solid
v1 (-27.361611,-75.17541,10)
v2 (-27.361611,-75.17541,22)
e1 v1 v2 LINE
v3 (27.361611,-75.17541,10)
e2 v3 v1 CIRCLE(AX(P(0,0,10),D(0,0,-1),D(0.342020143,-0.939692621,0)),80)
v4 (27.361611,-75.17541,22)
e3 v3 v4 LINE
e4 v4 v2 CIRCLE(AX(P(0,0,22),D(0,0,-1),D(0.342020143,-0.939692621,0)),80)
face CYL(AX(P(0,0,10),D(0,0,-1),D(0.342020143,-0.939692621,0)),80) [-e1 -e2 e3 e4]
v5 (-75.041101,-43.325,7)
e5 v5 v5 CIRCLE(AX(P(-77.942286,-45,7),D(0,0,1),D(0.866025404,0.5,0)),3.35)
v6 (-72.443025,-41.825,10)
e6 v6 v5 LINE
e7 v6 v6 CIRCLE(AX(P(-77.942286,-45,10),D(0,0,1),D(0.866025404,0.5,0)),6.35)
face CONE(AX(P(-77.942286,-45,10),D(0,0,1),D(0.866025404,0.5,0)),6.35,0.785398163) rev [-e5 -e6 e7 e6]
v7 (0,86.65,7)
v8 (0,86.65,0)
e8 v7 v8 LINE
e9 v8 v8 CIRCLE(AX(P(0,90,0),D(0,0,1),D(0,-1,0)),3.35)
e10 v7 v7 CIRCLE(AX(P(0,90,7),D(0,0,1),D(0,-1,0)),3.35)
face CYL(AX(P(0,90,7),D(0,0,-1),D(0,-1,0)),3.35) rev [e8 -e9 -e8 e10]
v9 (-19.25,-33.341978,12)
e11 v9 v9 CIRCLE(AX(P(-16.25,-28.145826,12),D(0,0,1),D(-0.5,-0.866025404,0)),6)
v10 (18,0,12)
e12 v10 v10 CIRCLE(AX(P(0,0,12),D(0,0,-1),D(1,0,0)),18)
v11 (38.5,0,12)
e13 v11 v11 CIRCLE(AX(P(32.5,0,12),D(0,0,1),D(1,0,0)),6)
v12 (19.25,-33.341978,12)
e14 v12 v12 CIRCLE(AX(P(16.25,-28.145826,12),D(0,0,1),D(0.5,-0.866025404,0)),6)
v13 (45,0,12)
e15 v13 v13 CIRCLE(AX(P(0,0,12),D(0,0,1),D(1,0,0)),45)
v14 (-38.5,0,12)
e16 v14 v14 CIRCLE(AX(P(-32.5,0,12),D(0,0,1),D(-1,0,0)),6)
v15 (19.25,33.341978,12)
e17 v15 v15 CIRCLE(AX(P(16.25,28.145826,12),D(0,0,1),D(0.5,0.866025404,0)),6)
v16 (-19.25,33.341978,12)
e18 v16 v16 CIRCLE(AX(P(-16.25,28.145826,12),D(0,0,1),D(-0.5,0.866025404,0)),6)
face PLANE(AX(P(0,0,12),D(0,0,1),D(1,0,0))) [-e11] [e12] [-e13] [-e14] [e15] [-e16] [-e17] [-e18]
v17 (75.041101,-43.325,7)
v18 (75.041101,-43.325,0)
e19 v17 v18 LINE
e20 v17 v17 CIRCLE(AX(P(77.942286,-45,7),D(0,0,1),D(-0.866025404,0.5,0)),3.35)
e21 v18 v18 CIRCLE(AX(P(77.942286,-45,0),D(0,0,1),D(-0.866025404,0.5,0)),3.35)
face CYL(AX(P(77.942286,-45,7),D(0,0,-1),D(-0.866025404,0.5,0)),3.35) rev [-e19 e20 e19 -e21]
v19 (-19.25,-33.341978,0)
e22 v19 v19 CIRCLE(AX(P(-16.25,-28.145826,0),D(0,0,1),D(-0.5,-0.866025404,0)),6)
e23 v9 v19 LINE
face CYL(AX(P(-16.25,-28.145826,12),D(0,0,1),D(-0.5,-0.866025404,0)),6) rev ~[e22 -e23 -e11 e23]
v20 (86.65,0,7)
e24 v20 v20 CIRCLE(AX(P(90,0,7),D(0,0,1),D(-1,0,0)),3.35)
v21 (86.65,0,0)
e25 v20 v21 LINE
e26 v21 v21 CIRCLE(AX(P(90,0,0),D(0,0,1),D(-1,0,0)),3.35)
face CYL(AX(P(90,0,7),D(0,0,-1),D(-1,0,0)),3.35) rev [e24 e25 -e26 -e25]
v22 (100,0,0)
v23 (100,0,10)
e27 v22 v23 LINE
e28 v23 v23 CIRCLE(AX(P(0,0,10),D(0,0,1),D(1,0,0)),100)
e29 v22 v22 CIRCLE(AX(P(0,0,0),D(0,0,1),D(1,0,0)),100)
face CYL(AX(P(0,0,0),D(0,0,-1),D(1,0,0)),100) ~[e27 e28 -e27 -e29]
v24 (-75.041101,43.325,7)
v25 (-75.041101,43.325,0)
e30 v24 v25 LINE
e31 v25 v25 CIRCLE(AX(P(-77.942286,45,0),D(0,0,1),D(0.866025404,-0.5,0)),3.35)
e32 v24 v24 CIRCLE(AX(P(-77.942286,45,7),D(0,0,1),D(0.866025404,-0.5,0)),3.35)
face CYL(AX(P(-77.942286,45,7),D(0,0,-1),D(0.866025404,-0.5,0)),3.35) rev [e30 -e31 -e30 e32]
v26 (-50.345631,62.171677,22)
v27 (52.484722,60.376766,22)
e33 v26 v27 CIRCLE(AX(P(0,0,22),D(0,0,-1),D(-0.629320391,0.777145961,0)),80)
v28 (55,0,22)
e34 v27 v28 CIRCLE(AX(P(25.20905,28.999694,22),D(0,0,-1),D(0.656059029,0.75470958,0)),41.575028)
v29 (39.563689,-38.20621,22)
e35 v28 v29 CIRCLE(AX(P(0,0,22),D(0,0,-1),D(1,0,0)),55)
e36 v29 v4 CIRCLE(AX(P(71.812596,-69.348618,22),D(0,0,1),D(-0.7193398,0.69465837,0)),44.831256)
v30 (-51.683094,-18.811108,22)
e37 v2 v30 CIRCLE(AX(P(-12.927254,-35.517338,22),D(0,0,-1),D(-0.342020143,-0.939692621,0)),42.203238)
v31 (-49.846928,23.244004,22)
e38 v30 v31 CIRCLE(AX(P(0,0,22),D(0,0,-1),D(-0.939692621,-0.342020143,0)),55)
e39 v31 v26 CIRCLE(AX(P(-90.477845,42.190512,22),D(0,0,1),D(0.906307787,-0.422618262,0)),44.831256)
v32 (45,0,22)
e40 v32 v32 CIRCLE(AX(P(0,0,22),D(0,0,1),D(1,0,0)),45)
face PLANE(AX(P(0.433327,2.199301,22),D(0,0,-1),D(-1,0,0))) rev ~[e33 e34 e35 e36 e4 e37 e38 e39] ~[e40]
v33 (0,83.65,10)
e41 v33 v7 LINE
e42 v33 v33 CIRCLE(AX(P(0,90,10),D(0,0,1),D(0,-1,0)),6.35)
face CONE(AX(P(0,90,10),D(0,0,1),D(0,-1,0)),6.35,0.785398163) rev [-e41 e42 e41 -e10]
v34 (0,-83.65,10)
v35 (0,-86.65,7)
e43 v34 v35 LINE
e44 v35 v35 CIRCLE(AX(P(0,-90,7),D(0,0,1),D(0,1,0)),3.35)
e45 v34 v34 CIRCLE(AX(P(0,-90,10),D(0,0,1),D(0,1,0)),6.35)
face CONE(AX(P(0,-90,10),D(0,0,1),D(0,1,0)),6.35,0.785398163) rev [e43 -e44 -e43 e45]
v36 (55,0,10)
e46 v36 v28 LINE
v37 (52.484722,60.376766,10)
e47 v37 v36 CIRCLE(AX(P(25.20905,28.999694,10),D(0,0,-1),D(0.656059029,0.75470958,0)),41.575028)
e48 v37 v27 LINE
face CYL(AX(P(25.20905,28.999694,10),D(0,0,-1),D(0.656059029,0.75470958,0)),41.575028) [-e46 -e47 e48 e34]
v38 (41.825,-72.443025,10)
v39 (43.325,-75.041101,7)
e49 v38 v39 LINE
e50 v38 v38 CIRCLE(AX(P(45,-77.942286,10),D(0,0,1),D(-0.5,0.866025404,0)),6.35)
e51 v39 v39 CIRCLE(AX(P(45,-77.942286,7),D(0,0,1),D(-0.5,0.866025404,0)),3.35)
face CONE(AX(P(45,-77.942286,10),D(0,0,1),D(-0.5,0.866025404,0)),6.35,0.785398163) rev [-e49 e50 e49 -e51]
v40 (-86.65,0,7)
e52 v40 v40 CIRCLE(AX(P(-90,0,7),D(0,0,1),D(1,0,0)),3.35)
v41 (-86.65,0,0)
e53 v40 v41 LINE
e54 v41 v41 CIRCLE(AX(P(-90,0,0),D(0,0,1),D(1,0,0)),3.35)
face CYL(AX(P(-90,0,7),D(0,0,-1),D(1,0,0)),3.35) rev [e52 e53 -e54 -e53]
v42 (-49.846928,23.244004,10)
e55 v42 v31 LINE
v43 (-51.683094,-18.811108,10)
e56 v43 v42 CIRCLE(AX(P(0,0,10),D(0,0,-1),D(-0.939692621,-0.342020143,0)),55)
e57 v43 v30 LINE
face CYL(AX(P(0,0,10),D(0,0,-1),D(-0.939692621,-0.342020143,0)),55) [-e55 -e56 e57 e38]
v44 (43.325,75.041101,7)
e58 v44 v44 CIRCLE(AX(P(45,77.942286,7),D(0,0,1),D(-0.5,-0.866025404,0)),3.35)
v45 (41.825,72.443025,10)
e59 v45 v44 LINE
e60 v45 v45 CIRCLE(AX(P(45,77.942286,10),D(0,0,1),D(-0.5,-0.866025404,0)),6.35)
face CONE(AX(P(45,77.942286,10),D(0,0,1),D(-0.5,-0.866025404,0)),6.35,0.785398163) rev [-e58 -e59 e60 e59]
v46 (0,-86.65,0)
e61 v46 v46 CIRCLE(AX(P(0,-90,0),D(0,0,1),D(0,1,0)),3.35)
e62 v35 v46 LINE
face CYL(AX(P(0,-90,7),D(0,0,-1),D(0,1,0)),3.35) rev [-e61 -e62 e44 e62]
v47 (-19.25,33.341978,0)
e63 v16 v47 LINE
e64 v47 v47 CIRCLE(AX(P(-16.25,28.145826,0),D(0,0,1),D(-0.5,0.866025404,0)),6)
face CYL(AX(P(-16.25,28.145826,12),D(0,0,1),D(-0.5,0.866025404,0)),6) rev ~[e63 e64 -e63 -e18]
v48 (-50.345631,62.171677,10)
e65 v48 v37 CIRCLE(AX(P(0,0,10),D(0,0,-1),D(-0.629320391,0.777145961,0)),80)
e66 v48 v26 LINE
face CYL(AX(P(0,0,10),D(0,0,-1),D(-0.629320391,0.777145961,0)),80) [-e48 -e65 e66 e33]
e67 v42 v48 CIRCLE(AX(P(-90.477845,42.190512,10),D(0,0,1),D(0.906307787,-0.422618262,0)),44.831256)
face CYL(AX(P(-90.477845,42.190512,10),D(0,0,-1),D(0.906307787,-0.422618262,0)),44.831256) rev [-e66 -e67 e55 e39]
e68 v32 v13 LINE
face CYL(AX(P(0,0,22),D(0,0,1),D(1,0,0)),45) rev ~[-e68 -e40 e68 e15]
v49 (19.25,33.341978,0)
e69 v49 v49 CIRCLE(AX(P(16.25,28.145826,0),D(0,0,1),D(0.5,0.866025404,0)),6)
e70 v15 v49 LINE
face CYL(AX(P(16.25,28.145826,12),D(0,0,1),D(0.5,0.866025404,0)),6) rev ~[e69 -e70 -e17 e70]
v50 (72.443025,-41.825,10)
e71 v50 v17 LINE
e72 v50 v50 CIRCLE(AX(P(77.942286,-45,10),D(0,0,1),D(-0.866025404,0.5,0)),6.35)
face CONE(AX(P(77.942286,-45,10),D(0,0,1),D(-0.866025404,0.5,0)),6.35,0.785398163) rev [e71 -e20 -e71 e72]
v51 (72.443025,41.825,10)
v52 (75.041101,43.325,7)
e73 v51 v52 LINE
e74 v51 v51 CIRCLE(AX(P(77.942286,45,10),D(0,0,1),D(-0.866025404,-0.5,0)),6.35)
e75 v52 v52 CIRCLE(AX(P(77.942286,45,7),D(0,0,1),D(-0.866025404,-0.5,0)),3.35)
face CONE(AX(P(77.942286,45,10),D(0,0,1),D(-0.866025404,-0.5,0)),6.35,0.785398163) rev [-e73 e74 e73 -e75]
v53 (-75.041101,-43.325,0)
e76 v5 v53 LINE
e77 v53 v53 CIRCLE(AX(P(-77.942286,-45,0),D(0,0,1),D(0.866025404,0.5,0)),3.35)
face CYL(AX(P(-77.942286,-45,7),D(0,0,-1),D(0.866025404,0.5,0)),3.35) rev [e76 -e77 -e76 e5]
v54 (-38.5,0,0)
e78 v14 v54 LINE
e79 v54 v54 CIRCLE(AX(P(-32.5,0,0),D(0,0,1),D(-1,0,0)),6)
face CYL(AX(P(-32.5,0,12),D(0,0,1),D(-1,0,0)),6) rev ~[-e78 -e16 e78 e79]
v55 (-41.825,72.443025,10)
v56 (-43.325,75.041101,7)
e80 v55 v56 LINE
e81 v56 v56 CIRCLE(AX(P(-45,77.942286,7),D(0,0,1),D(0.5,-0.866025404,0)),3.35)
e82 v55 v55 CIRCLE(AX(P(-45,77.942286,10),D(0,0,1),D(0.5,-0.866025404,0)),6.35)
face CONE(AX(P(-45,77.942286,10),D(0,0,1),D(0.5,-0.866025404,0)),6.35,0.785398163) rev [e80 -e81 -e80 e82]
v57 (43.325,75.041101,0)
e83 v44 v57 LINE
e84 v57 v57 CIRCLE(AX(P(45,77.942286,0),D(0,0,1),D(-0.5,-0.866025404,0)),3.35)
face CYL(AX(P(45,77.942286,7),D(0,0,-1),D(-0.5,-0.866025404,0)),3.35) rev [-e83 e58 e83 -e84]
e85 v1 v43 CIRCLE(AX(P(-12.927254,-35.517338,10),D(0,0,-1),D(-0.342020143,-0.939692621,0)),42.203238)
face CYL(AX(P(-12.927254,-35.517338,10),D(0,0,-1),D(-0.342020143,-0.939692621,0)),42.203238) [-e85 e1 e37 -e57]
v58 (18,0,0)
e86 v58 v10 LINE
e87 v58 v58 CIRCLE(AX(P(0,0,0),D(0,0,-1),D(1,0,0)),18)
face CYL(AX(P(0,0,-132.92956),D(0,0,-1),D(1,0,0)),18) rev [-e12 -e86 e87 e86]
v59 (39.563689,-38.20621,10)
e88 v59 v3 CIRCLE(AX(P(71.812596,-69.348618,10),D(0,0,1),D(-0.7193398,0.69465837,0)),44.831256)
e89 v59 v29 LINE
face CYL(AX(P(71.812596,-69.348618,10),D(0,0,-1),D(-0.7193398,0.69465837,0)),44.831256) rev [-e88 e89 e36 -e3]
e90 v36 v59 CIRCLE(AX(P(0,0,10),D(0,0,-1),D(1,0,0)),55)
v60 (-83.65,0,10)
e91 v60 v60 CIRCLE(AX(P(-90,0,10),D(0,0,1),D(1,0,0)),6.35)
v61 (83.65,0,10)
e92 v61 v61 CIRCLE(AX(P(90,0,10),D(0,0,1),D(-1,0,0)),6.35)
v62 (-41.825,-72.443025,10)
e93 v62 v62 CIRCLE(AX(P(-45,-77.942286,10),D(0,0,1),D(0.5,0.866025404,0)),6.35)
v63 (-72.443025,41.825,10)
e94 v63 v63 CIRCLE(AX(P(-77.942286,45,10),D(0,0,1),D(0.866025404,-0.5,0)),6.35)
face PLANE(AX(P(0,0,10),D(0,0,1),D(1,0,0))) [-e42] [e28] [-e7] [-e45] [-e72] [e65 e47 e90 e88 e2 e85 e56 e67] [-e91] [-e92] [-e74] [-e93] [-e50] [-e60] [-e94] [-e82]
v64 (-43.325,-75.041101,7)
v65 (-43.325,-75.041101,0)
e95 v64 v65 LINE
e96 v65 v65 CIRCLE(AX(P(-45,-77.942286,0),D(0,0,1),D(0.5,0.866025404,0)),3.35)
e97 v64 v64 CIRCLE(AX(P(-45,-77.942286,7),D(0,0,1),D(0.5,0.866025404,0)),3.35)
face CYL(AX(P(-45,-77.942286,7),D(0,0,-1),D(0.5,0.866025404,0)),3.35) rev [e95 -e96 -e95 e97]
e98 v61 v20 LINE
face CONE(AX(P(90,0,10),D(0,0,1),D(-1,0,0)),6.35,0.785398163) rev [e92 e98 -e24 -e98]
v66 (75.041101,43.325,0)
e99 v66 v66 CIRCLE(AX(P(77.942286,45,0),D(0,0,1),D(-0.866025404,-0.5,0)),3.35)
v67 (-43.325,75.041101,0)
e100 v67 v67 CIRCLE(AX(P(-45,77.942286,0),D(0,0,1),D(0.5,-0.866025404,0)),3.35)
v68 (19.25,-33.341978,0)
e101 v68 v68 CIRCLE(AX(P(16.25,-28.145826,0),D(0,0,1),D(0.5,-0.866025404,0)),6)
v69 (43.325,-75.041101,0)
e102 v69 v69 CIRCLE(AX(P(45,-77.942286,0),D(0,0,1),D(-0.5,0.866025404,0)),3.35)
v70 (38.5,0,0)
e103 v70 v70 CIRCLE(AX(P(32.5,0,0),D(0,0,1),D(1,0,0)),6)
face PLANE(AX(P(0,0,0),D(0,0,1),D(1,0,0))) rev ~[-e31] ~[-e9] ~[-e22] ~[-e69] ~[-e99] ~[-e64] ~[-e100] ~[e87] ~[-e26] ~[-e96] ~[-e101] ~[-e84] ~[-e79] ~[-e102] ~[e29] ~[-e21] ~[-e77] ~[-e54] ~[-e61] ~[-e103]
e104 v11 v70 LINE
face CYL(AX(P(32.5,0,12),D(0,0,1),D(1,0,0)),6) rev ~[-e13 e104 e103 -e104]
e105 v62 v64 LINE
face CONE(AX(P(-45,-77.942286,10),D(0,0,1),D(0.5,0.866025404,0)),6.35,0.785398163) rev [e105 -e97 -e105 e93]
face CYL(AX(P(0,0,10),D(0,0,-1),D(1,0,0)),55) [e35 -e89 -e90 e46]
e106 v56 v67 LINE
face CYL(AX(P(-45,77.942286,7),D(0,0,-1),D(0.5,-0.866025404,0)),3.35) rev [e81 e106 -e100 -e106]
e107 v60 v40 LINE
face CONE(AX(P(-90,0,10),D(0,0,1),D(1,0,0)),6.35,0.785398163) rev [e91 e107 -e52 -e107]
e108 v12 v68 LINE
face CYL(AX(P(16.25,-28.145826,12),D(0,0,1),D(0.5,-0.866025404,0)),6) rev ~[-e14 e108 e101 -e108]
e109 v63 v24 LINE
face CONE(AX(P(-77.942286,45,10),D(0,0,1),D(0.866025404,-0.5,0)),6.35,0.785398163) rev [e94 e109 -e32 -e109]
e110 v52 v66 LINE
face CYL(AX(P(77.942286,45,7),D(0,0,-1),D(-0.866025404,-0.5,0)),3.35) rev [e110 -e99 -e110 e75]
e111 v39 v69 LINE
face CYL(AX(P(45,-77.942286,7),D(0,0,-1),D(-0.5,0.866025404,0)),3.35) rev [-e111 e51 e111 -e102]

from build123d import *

# Parameters (mm, degrees)
SKETCH1_R               = 100
BOSS_EXTRUDE1_DEPTH     = 10
BOSS_EXTRUDE2_DEPTH     = 12
CUT_EXTRUDE1_START      = 12
SKETCH2_4_R             = 45
CUT_EXTRUDE1_DEPTH      = 10
CUT_EXTRUDE2_DEPTH      = 142.929559994
CUT_EXTRUDE2_DEPTH_BACK = 142.929559994
SKETCH2_5_R             = 18
SKETCH3_R               = 6
CUT_EXTRUDE3_DEPTH      = 142.929559994
CIRPATTERN1_COUNT       = 6
CIRPATTERN2_COUNT       = 12


with BuildPart() as part:
    # Sketch1 → Boss-Extrude1 (new body)
    with BuildSketch(Plane.XY):
        Circle(SKETCH1_R)
    extrude(amount=BOSS_EXTRUDE1_DEPTH)

    # Sketch2 → Boss-Extrude2 (add)
    with BuildSketch(Plane.XY.offset(10)):
        with BuildLine():
            ThreePointArc((-50.345631284, 62.171676917), (1.396192515, 79.987815613), (52.484722319, 60.376766418))
            ThreePointArc((52.484722319, 60.376766418), (66.748047509, 30.730196137), (55, 0))
            ThreePointArc((55, 0), (50.995112001, -20.603362638), (39.563689019, -38.206210375))
            ThreePointArc((39.563689019, -38.206210375), (29.24031903, -55.29718468), (27.361611466, -75.175409663))
            ThreePointArc((27.361611466, -75.175409663), (0, -80), (-27.361611466, -75.175409663))
            ThreePointArc((-27.361611466, -75.175409663), (-51.676872183, -52.237995658), (-51.683094143, -18.811107883))
            ThreePointArc((-51.683094143, -18.811107883), (-54.947652187, 2.399066305), (-49.846928287, 23.244004396))
            ThreePointArc((-49.846928287, 23.244004396), (-45.650267162, 42.764798591), (-50.345631284, 62.171676917))
        make_face()
    extrude(amount=BOSS_EXTRUDE2_DEPTH)

    # Sketch2<4> → Cut-Extrude1 (cut)
    with BuildSketch(Plane.XY.offset(10).offset(CUT_EXTRUDE1_START)):
        Circle(SKETCH2_4_R)
    extrude(amount=-CUT_EXTRUDE1_DEPTH, mode=Mode.SUBTRACT)

    # Sketch2<5> → Cut-Extrude2 (cut, two sides: drawn at the far end of the back side and taken through both)
    with BuildSketch(Plane.XY.offset(10).offset(-CUT_EXTRUDE2_DEPTH_BACK)):
        Circle(SKETCH2_5_R)
    extrude(amount=CUT_EXTRUDE2_DEPTH + CUT_EXTRUDE2_DEPTH_BACK, mode=Mode.SUBTRACT)

    # Sketch3 → Cut-Extrude3 (cut, through all)
    with BuildSketch(Plane.XY.offset(12)):
        with Locations((32.5, 0)):
            Circle(SKETCH3_R)
    cut_extrude3 = extrude(amount=-CUT_EXTRUDE3_DEPTH, mode=Mode.SUBTRACT)

    # CirPattern1: Cut-Extrude3 ×6 about axis
    cirpattern1_axis = Axis((0, 0, 0), (0, 0, 1))
    for i in range(1, CIRPATTERN1_COUNT):
        add(cut_extrude3.rotate(cirpattern1_axis, i * 360 / CIRPATTERN1_COUNT), mode=Mode.SUBTRACT)

    # Sketch5 → Cut-Revolve2 (revolve, cut)
    with BuildSketch(Plane(origin=(0, 0, 0), x_dir=(1, 0, 0), z_dir=(0, 1, 0))):
        Polygon((83.65, -10), (86.65, -7), (86.65, 0), (90, 0), (90, -10), align=None)
    cut_revolve2 = revolve(axis=Axis((90, 0, 0), (0, 0, 1)), mode=Mode.SUBTRACT)

    # CirPattern2: Cut-Revolve2 ×12 about axis
    cirpattern2_axis = Axis((0, 0, 0), (0, 0, 1))
    for i in range(1, CIRPATTERN2_COUNT):
        add(cut_revolve2.rotate(cirpattern2_axis, i * 360 / CIRPATTERN2_COUNT), mode=Mode.SUBTRACT)


solid = part.part
